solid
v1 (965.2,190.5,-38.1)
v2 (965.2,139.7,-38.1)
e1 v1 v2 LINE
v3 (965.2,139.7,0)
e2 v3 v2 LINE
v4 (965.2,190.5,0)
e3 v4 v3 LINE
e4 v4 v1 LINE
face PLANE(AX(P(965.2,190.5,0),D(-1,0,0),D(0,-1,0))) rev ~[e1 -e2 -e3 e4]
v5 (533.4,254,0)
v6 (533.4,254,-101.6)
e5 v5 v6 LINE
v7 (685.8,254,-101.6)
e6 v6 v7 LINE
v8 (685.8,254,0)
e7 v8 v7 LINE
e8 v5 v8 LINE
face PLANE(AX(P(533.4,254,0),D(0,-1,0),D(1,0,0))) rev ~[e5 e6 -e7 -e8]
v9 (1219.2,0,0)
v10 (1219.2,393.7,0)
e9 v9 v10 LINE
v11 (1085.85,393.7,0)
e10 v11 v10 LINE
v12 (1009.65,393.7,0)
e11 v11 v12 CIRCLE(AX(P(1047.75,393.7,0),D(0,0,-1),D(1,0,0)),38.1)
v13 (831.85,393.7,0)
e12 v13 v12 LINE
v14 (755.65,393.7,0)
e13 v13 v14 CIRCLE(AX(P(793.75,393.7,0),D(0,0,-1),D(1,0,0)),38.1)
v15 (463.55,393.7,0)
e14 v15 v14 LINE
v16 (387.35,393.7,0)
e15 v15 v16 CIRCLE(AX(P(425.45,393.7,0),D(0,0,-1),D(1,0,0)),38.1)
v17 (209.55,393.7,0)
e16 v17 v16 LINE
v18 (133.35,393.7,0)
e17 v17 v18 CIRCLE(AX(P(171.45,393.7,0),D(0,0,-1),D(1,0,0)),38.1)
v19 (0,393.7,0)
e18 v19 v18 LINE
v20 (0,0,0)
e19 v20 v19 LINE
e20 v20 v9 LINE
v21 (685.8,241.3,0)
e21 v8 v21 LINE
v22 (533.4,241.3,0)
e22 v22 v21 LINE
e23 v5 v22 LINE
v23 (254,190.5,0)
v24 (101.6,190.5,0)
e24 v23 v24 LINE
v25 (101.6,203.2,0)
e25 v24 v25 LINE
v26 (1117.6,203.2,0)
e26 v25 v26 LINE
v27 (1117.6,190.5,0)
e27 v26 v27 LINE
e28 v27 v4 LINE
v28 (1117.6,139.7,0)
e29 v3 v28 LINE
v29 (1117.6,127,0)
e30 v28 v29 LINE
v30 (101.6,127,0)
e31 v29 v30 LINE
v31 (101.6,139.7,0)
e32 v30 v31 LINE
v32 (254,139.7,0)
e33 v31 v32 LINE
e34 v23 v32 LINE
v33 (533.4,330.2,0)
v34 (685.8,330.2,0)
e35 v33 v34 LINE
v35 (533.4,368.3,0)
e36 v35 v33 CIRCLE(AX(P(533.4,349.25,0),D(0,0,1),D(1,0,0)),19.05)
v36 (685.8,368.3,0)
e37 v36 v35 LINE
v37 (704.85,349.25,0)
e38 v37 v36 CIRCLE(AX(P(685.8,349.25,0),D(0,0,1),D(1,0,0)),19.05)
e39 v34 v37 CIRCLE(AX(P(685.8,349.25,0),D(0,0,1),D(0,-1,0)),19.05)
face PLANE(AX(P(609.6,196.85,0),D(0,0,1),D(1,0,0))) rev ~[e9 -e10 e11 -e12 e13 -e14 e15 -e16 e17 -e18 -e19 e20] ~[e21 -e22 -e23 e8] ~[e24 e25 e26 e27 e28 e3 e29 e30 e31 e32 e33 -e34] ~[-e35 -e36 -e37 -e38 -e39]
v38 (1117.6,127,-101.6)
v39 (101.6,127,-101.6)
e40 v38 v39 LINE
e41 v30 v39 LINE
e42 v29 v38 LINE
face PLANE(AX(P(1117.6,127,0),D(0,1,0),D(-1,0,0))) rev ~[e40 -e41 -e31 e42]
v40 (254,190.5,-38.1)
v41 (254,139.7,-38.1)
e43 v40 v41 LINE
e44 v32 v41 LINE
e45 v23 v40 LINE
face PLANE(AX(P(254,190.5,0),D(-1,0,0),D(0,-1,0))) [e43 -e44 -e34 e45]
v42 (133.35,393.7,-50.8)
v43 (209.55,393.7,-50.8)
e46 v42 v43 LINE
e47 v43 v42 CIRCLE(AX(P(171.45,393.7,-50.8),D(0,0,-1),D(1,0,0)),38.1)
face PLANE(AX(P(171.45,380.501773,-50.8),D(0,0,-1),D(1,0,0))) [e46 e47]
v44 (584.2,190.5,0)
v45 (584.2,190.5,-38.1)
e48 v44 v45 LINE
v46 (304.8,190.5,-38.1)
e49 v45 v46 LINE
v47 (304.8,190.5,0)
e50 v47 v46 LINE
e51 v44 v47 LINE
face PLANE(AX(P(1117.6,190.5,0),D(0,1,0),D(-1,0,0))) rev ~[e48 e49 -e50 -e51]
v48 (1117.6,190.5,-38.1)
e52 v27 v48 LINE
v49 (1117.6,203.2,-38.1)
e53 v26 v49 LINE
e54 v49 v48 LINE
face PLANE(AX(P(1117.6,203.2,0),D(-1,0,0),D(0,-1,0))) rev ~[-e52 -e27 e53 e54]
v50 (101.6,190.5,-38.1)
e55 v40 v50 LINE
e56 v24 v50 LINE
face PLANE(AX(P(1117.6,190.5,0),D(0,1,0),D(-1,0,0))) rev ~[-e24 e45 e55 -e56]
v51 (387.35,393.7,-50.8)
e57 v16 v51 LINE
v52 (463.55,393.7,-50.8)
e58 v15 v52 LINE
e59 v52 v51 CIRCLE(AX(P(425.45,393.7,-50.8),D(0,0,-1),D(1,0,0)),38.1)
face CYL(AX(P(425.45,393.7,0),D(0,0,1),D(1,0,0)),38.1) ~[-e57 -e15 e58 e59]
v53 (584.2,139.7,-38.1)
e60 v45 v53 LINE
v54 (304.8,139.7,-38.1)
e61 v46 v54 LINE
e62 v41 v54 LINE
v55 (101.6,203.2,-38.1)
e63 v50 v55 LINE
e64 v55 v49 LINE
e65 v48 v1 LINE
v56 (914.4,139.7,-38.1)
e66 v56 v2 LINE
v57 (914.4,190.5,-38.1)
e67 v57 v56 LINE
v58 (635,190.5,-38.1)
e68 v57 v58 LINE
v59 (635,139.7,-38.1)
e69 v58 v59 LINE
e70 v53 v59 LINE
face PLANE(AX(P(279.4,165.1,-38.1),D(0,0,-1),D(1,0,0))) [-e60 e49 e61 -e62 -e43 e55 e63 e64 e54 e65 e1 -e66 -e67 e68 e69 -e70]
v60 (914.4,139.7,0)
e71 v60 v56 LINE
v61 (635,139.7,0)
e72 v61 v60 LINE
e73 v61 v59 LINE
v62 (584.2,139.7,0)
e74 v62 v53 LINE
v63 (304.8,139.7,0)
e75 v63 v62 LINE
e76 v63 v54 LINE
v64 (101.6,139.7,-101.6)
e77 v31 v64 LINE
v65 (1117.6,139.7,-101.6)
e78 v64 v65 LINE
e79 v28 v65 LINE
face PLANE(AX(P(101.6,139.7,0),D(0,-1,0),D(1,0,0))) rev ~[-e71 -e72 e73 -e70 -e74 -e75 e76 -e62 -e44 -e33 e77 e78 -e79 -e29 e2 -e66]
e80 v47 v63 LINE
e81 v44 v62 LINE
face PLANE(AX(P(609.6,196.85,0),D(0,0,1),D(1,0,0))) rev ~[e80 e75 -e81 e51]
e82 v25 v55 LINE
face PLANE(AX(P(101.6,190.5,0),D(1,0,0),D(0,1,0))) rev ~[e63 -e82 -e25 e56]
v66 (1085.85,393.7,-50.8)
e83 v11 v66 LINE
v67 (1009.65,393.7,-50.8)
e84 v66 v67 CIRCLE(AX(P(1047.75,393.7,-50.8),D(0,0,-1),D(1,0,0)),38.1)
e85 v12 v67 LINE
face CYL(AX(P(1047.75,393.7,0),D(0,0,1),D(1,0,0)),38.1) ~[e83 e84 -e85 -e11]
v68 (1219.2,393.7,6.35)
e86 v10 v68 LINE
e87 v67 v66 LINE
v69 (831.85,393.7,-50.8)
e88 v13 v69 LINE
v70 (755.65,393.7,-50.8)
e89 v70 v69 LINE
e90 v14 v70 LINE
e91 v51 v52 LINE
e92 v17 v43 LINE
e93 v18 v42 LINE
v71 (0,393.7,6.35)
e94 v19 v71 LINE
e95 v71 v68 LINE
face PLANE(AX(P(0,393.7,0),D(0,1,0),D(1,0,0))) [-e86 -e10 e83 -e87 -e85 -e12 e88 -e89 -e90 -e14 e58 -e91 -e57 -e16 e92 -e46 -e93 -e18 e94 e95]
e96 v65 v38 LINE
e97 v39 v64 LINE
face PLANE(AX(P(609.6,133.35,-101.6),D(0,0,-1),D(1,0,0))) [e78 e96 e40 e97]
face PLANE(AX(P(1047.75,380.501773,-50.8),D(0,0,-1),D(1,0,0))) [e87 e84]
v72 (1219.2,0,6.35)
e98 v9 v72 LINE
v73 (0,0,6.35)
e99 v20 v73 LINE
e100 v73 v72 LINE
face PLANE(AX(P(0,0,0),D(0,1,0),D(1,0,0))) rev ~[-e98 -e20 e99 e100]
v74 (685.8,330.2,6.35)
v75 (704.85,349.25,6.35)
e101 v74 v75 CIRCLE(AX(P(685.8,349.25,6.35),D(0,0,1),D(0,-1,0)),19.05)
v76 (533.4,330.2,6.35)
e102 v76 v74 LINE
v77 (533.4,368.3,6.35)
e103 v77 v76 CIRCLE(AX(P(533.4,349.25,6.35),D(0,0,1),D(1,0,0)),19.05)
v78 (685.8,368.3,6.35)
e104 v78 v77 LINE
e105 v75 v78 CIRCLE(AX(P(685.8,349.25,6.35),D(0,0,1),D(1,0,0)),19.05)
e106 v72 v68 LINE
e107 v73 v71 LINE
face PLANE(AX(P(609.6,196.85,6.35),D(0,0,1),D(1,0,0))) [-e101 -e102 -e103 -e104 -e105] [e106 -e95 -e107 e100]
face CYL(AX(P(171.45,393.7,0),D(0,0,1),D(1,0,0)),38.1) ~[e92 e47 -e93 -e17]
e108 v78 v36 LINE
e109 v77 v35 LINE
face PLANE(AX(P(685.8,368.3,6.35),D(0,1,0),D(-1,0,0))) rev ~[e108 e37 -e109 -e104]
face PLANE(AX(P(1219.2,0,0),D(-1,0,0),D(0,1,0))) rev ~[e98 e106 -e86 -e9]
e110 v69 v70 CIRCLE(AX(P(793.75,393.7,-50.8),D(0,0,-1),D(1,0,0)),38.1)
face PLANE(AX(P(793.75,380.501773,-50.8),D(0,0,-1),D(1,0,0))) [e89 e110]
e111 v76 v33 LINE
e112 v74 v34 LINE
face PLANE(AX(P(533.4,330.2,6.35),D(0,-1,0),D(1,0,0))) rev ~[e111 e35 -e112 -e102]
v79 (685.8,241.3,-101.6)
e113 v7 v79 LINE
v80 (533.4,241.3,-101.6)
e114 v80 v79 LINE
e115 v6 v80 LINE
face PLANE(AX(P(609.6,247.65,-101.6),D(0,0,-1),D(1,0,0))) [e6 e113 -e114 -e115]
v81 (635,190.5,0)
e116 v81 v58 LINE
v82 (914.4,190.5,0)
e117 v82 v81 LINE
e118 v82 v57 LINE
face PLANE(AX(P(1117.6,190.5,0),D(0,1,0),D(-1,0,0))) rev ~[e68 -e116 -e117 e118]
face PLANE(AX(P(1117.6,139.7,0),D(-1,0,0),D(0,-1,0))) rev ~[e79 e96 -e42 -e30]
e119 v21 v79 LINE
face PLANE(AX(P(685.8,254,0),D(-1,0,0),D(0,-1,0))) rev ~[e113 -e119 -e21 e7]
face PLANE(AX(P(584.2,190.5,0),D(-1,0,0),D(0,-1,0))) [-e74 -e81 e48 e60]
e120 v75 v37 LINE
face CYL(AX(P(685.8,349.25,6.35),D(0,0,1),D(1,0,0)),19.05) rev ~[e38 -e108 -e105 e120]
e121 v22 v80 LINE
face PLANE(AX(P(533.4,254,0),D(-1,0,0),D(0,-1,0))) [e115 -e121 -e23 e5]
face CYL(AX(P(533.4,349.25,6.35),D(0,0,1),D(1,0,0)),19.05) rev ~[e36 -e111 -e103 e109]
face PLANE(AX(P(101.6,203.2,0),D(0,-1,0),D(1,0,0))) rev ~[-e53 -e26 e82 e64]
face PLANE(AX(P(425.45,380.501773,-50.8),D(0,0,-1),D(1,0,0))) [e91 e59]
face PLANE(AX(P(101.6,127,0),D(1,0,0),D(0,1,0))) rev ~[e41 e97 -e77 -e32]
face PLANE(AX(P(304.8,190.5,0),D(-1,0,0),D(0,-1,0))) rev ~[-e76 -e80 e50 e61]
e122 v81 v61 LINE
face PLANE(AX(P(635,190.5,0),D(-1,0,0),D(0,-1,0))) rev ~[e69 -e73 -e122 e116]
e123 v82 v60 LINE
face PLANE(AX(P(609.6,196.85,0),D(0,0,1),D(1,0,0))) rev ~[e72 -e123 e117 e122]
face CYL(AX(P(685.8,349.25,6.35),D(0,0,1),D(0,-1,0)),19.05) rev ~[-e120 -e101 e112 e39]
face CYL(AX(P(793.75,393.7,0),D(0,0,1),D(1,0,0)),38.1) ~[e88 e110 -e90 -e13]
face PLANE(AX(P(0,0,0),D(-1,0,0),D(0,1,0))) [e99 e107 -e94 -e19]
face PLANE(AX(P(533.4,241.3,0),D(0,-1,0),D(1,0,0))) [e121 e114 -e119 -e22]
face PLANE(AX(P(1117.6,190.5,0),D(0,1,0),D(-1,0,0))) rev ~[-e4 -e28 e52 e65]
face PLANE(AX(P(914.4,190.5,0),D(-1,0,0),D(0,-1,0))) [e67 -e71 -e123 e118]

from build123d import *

# Parameters (mm, degrees)
F0_W      = 1219.2
F0_H      = 393.7
F1_DEPTH  = 6.35
F3_DEPTH  = 6.351
F4_W      = 152.4
F4_H      = 12.7
F5_DEPTH  = 101.6
F8_DEPTH  = 50.8
F10_DEPTH = 38.1
F11_DEPTH = 101.6
F9_W      = 50.8
F9_H      = 50.8
F12_DEPTH = 38.1


with BuildPart() as f1:
    # F0 (on Top) → F1 (new body)
    with BuildSketch(Plane.XY):
        with Locations((609.6, 196.85)):
            Rectangle(F0_W, F0_H)
    extrude(amount=F1_DEPTH)

    # F2 (on face) → F3 (cut, through all)
    with BuildSketch(Plane.XY.offset(6.35)):
        with BuildLine():
            ThreePointArc((533.4, 330.2), (546.8703841816, 335.7796158184), (552.45, 349.25))
            ThreePointArc((552.45, 349.25), (546.8703841816, 362.7203841816), (533.4, 368.3))
            ThreePointArc((533.4, 368.3), (514.35, 349.25), (533.4, 330.2))
        make_face()
        with BuildLine():
            ThreePointArc((533.4, 368.3), (546.8703841816, 362.7203841816), (552.45, 349.25))
            Line((552.45, 349.25), (666.75, 349.25))
            ThreePointArc((666.75, 349.25), (672.3296158184, 362.7203841816), (685.8, 368.3))
            Line((685.8, 368.3), (533.4, 368.3))
        make_face()
        with BuildLine():
            Line((666.75, 349.25), (552.45, 349.25))
            ThreePointArc((552.45, 349.25), (546.8703841816, 335.7796158184), (533.4, 330.2))
            Line((533.4, 330.2), (685.8, 330.2))
            ThreePointArc((685.8, 330.2), (672.3296158184, 335.7796158184), (666.75, 349.25))
        make_face()
        with BuildLine():
            ThreePointArc((685.8, 368.3), (672.3296158184, 362.7203841816), (666.75, 349.25))
            ThreePointArc((666.75, 349.25), (672.3296158184, 335.7796158184), (685.8, 330.2))
            ThreePointArc((685.8, 330.2), (699.2703841816, 335.7796158184), (704.85, 349.25))
            ThreePointArc((704.85, 349.25), (699.2703841816, 362.7203841816), (685.8, 368.3))
        make_face()
    extrude(amount=-F3_DEPTH, mode=Mode.SUBTRACT)

    # F4 (on face) → F5 (join)
    with BuildSketch(Plane(origin=(0, 0, 0), x_dir=(1, 0, 0), z_dir=(0, 0, -1))):
        with Locations((609.6, -247.65)):
            Rectangle(F4_W, F4_H)
    extrude(amount=F5_DEPTH)

    # F7 (on face) → F8 (join)
    with BuildSketch(Plane(origin=(0, 0, 0), x_dir=(1, 0, 0), z_dir=(0, 0, -1))):
        with BuildLine():
            Line((133.35, -393.7), (209.55, -393.7))
            ThreePointArc((209.55, -393.7), (171.45, -355.6), (133.35, -393.7))
        make_face()
        with BuildLine():
            Line((387.35, -393.7), (463.55, -393.7))
            ThreePointArc((463.55, -393.7), (425.45, -355.6), (387.35, -393.7))
        make_face()
        with BuildLine():
            ThreePointArc((831.85, -393.7), (793.75, -355.6), (755.65, -393.7))
            Line((755.65, -393.7), (831.85, -393.7))
        make_face()
        with BuildLine():
            ThreePointArc((1085.85, -393.7), (1047.75, -355.6), (1009.65, -393.7))
            Line((1009.65, -393.7), (1085.85, -393.7))
        make_face()
    extrude(amount=F8_DEPTH)

    # F9 (on face) → F10 (join)
    with BuildSketch(Plane(origin=(0, 0, 0), x_dir=(1, 0, 0), z_dir=(0, 0, -1))):
        Polygon((304.8, -190.5), (254, -190.5), (101.6, -190.5), (101.6, -203.2), (1117.6, -203.2), (1117.6, -190.5), (965.2, -190.5), (914.4, -190.5), (635, -190.5), (584.2, -190.5), align=None)
    extrude(amount=F10_DEPTH)

    # F9 (on face) → F11 (join)
    with BuildSketch(Plane(origin=(0, 0, 0), x_dir=(1, 0, 0), z_dir=(0, 0, -1))):
        Polygon((101.6, -139.7), (254, -139.7), (304.8, -139.7), (584.2, -139.7), (635, -139.7), (914.4, -139.7), (965.2, -139.7), (1117.6, -139.7), (1117.6, -127), (101.6, -127), align=None)
    extrude(amount=F11_DEPTH)

    # F9 (on face) → F12 (join, through all)
    with BuildSketch(Plane(origin=(0, 0, 0), x_dir=(1, 0, 0), z_dir=(0, 0, -1))):
        with Locations((279.4, -165.1)):
            Rectangle(F9_W, F9_H)
        with Locations((609.6, -165.1)):
            Rectangle(F9_W, F9_H)
        with Locations((939.8, -165.1)):
            Rectangle(F9_W, F9_H)
    extrude(amount=F12_DEPTH)


solid = f1.part
